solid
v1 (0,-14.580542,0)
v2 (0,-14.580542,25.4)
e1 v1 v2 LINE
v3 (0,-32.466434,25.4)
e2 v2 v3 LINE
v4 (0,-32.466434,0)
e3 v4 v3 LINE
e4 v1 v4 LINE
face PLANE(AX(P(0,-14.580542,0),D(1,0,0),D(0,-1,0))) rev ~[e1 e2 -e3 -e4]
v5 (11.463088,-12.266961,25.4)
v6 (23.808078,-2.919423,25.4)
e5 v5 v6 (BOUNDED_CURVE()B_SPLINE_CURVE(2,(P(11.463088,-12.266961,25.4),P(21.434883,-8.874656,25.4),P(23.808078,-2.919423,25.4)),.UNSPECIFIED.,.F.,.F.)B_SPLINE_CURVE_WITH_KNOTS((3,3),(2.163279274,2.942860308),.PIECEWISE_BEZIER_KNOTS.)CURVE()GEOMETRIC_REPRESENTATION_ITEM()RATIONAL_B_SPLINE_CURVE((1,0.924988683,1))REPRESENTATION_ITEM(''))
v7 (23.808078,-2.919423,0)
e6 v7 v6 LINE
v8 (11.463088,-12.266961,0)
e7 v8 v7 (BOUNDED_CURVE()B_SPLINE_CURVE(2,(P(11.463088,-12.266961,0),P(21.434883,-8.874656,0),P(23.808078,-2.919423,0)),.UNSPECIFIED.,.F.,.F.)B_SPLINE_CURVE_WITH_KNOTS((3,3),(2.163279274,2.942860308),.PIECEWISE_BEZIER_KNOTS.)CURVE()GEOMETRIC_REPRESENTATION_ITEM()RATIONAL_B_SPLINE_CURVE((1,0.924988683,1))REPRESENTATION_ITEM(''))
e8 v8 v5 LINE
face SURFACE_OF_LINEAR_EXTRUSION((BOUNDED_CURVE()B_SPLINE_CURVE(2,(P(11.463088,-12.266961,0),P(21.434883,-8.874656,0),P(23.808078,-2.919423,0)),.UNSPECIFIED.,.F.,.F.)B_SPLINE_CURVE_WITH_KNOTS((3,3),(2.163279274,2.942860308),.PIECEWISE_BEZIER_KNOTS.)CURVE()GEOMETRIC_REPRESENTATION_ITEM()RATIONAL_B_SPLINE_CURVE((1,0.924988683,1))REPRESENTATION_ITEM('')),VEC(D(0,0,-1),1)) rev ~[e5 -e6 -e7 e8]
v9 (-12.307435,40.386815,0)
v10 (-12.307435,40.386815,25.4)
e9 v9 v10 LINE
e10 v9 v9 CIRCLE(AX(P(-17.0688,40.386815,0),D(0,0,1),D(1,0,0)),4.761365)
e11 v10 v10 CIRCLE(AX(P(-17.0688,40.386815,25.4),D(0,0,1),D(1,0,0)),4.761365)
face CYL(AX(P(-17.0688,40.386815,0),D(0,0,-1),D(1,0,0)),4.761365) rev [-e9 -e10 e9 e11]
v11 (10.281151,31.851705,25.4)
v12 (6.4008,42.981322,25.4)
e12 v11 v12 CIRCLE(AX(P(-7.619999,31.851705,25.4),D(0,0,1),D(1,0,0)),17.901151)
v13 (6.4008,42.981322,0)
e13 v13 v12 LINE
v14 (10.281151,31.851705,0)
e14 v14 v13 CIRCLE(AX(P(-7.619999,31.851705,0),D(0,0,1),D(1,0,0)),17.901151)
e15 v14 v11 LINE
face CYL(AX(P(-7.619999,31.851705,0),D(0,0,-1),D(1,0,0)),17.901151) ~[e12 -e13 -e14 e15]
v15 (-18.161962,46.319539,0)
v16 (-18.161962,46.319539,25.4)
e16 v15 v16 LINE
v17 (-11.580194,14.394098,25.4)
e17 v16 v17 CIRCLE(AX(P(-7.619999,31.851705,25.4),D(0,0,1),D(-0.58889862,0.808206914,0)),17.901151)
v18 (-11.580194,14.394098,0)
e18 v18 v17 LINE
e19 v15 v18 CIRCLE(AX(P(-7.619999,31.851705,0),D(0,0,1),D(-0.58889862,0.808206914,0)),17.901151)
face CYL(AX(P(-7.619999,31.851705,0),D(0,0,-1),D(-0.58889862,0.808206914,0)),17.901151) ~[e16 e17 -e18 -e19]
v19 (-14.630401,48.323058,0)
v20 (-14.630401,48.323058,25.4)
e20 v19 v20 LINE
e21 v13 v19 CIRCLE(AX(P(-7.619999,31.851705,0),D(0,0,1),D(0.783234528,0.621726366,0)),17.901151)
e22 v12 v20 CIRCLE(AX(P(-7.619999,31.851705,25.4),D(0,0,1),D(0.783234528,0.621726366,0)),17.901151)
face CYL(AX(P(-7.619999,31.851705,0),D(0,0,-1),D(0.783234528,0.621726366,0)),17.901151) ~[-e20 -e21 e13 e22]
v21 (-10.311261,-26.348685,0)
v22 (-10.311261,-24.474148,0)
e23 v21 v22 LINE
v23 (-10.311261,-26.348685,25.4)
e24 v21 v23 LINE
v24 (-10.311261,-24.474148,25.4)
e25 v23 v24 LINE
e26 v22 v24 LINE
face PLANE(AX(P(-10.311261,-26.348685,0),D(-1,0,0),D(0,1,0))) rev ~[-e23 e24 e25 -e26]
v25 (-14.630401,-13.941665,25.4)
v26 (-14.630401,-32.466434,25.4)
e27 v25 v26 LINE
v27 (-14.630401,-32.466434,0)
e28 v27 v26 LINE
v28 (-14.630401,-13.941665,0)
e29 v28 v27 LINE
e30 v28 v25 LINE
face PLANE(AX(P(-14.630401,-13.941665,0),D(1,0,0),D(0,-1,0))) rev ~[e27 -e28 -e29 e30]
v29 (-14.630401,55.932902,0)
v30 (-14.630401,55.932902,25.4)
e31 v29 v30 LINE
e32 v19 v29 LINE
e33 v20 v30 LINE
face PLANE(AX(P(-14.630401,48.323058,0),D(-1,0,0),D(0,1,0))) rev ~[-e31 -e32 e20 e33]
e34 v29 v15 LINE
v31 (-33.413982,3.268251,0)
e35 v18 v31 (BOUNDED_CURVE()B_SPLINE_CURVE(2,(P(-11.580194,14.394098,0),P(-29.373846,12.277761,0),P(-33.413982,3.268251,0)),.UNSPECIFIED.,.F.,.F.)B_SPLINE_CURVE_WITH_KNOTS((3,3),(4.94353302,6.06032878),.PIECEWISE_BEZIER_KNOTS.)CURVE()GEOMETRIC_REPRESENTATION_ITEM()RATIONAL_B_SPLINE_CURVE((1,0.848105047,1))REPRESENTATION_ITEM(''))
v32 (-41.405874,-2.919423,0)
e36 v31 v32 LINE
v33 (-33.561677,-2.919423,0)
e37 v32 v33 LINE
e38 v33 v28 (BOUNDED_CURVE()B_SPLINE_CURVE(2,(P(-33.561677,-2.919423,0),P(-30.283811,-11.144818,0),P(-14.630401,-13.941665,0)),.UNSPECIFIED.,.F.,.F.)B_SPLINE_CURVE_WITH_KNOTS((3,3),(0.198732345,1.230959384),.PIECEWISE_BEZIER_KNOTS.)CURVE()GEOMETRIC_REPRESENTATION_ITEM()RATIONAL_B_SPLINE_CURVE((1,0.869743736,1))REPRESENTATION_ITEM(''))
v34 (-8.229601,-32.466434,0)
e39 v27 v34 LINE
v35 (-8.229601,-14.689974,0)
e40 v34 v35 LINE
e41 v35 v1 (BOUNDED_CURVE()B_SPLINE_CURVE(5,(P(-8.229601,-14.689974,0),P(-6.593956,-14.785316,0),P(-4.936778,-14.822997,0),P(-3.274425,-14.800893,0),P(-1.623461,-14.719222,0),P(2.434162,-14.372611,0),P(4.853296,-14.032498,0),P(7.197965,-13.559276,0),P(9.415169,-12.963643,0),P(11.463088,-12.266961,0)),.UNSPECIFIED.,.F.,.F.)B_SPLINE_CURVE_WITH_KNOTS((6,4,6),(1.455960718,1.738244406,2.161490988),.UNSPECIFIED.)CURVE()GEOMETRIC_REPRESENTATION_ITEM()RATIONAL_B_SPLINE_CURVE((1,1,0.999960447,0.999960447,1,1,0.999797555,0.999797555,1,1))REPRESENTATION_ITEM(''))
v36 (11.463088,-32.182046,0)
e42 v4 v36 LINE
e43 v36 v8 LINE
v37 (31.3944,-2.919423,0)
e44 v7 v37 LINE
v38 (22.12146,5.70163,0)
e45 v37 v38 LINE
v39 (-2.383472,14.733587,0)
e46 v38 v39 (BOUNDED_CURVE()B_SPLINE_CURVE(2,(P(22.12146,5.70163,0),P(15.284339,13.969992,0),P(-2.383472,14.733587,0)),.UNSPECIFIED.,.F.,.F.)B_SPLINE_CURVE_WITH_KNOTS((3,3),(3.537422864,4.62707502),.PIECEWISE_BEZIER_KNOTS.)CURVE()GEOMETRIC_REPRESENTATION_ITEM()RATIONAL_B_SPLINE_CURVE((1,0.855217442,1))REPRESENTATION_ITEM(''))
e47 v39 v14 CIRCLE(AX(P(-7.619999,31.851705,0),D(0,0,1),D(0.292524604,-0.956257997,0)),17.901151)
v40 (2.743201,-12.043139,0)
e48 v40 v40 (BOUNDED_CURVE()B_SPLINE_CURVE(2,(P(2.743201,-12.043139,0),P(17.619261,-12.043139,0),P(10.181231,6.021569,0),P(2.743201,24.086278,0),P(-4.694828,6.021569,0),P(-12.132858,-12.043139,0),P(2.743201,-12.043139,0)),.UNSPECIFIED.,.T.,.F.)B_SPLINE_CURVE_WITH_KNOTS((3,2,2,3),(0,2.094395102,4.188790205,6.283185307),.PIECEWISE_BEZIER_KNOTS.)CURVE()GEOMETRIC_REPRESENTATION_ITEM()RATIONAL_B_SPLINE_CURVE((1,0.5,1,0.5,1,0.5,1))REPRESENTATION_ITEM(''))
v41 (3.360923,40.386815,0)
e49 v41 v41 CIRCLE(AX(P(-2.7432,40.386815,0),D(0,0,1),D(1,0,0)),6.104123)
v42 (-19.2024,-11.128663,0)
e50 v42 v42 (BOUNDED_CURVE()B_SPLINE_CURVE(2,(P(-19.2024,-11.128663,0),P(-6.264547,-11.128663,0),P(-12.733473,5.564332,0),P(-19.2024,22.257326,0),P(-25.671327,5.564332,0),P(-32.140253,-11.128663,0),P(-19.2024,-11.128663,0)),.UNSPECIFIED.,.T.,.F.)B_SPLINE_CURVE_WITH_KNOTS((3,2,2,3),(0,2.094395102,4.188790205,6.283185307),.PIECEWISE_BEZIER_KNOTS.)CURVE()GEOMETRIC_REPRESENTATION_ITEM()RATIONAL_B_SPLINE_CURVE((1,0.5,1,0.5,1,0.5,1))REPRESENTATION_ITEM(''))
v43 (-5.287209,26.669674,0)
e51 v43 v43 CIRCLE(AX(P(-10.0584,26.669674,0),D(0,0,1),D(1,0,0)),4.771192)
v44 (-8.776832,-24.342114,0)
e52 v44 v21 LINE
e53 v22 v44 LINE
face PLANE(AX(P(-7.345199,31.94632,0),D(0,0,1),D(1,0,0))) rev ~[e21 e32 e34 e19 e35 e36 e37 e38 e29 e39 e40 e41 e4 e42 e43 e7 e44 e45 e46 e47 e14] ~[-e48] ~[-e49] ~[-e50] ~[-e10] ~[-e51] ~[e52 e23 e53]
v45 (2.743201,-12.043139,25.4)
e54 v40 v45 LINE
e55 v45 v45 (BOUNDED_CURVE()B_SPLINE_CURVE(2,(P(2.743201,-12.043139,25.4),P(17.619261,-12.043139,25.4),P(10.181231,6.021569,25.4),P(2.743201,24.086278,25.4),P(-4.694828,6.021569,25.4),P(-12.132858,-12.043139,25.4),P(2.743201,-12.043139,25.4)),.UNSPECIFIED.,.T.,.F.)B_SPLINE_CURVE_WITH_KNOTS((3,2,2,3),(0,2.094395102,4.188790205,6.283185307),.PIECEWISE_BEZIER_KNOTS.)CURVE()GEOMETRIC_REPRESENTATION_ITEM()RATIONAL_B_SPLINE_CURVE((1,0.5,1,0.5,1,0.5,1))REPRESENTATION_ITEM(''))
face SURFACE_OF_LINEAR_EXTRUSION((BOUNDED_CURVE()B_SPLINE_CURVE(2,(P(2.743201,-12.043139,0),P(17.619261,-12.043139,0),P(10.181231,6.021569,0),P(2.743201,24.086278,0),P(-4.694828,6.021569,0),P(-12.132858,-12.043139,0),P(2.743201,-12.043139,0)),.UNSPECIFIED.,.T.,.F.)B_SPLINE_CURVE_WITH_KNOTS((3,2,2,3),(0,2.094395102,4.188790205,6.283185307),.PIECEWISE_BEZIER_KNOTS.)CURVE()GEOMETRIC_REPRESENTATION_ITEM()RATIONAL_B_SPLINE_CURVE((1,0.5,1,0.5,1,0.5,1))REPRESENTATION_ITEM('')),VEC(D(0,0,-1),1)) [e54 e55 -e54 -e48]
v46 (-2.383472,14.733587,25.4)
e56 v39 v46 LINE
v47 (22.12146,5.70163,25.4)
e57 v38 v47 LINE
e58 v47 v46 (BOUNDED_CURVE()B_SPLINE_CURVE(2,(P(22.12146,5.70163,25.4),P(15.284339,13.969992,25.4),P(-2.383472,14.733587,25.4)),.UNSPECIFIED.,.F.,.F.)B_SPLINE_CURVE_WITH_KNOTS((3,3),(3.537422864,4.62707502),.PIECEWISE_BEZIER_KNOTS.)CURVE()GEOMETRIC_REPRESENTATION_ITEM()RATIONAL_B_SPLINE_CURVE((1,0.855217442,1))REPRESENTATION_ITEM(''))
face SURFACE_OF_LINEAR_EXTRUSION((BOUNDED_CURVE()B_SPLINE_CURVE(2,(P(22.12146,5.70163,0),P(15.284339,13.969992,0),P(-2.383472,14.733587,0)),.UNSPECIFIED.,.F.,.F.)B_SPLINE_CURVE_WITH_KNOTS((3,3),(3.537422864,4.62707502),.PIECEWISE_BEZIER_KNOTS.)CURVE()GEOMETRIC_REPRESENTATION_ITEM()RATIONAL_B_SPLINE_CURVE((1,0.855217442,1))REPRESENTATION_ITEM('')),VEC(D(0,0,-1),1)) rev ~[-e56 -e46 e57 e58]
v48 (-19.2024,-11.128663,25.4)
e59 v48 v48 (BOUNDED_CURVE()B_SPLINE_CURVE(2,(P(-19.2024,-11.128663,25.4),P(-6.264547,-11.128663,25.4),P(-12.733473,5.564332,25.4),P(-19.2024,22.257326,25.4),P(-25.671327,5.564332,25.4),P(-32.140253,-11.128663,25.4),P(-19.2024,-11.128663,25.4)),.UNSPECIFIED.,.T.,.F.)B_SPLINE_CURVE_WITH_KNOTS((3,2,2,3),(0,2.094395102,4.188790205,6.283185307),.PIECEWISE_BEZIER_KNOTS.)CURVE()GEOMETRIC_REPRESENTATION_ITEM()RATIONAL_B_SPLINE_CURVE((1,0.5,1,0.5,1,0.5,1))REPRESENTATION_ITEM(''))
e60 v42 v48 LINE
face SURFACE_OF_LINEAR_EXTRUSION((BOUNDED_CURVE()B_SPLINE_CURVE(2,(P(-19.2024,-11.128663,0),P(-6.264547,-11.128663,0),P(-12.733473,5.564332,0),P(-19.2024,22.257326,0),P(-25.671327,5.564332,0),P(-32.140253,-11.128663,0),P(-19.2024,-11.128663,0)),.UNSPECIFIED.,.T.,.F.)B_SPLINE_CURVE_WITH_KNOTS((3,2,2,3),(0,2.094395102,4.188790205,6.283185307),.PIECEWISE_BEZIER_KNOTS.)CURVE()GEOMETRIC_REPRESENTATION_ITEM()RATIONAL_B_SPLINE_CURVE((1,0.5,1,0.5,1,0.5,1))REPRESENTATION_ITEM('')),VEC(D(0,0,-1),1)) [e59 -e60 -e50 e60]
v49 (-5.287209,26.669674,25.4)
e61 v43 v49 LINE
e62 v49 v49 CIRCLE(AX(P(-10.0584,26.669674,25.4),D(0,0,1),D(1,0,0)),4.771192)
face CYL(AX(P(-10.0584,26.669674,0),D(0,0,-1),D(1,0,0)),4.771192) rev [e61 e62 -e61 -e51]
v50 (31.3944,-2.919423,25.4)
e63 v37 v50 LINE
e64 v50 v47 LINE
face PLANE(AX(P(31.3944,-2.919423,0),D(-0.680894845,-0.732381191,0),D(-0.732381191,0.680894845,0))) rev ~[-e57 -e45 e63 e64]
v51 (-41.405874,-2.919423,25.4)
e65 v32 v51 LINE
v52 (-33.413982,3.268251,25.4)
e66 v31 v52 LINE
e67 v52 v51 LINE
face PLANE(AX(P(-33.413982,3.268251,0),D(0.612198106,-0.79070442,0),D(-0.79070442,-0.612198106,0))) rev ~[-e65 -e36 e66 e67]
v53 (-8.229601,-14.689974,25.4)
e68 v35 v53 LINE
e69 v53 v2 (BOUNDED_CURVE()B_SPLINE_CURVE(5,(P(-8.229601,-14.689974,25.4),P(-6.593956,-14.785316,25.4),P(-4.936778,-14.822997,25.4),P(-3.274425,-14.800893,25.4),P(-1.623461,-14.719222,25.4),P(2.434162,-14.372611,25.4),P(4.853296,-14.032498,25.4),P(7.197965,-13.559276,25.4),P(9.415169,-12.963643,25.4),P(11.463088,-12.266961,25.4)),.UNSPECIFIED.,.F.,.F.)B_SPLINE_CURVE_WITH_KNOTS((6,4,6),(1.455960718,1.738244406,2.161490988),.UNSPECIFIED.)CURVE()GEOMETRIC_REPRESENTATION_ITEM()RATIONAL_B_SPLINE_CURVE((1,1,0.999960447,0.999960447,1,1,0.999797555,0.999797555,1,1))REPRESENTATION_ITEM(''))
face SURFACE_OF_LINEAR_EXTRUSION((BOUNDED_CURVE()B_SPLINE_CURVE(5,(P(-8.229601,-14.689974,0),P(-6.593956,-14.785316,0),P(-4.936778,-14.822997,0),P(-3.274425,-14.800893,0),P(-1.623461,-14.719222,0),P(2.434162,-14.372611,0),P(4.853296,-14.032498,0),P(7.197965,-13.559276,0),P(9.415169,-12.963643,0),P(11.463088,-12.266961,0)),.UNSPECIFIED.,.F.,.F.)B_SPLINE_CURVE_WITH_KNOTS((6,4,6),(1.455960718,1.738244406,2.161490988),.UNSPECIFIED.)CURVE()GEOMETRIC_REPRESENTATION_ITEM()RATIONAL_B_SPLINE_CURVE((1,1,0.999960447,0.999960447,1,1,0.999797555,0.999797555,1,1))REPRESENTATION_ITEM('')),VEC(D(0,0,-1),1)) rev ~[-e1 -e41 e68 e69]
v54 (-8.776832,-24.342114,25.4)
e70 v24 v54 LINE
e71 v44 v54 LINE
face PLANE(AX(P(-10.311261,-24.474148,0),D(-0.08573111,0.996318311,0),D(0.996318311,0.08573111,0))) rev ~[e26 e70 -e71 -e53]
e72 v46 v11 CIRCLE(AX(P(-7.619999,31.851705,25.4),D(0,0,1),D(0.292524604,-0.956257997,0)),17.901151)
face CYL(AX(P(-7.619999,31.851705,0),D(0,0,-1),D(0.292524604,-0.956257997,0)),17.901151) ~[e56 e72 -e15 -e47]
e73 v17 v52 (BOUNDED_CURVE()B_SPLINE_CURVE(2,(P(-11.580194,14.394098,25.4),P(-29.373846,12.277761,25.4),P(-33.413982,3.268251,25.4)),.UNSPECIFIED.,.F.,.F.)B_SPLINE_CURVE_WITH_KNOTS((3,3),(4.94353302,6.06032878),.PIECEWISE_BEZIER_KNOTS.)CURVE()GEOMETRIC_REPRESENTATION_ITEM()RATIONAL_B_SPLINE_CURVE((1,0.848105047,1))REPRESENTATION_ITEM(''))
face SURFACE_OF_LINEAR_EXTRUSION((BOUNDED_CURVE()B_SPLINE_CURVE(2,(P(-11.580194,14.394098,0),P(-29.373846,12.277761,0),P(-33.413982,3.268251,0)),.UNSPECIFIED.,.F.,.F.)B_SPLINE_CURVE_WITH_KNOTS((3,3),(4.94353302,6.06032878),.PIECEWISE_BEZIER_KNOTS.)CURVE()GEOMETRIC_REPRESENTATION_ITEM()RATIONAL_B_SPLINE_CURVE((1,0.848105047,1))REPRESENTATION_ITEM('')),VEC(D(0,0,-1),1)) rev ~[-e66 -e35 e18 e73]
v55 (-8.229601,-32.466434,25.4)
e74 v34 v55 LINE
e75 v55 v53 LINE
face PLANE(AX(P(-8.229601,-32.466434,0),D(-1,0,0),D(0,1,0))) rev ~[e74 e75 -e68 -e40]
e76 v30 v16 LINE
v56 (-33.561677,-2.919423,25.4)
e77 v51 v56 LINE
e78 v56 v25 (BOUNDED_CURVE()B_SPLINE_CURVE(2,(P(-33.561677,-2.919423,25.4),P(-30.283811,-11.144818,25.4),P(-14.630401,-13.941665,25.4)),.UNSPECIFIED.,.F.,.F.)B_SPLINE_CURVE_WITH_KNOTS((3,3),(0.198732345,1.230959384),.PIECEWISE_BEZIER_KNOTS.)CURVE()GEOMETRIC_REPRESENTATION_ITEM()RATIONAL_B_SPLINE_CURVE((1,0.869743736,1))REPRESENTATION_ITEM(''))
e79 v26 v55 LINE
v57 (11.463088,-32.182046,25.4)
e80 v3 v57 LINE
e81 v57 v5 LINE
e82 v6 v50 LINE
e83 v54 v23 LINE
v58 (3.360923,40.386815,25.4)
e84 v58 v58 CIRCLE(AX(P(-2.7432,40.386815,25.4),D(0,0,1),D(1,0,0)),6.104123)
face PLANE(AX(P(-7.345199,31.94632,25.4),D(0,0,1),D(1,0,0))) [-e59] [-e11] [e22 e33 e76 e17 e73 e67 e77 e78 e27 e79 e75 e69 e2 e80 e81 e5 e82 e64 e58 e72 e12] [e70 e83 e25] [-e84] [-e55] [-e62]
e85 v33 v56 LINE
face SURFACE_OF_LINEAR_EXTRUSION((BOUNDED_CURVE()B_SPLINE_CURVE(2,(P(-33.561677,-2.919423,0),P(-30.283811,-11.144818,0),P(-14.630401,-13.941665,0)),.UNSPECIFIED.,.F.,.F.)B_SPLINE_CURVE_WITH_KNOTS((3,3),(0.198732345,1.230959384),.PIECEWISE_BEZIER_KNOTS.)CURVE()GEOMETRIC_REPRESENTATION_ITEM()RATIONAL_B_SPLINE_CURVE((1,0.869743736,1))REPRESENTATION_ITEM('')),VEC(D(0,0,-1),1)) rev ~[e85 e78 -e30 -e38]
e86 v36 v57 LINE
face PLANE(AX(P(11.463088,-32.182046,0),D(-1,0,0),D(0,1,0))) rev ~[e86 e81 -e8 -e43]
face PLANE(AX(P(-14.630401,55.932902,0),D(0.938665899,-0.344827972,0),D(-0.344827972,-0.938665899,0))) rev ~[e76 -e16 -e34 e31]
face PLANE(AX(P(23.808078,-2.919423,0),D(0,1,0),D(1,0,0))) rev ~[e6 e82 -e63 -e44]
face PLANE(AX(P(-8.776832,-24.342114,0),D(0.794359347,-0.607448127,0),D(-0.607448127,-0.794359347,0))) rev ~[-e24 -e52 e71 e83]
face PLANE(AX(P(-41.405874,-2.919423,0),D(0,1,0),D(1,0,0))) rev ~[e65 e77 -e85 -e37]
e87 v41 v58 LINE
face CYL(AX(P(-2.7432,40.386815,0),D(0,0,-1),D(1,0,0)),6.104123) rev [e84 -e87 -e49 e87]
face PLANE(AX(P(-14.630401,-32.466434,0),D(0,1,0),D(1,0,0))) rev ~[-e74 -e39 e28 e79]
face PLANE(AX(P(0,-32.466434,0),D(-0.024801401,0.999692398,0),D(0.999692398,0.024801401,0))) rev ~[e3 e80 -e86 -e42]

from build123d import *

# Parameters (mm, degrees)
F0_R     = 4.7711916883
F0_R_2   = 4.7613647894
F0_R_3   = 6.1041229628
F1_DEPTH = 25.4


with BuildPart() as f1:
    # F0 (on Top) → F1 (new body)
    with BuildSketch(Plane.XY):
        with BuildLine():
            ThreePointArc((-2.3834723769, 14.7335868041), (6.7708145364, 21.2048433436), (10.2811511978, 31.8517051637))
            ThreePointArc((10.2811511978, 31.8517051637), (9.2832492744, 37.7450384206), (6.4007998444, 42.9813224473))
            ThreePointArc((6.4007998444, 42.9813224473), (-3.2131915819, 49.2019569258), (-14.6304005757, 48.3230580392))
            ThreePointArc((-14.6304005757, 48.3230580392), (-16.4531694232, 47.4217500367), (-18.1619622048, 46.3195387975))
            ThreePointArc((-18.1619622048, 46.3195387975), (-25.1524431716, 28.237205957), (-11.5801940434, 14.3940979712))
            add(Edge.make_bspline(
                [(-2.3834723769, 14.7335868041), (-7.0354280003, 14.9346422536), (-11.5801940434, 14.3940979712)],
                knots=[4.6270750198, 4.6270750198, 4.6270750198, 4.9435330198, 4.9435330198, 4.9435330198], degree=2, weights=[1, 0.9875078876, 1]))
        make_face()
        with Locations((-10.0584002212, 26.6696736217)):
            Circle(F0_R, mode=Mode.SUBTRACT)
        with Locations((-17.0687995851, 40.3868146241)):
            Circle(F0_R_2, mode=Mode.SUBTRACT)
        with Locations((-2.743200399, 40.3868146241)):
            Circle(F0_R_3, mode=Mode.SUBTRACT)
        with BuildLine():
            add(Edge.make_bspline(
                [(22.1214600227, 5.7016299698), (15.2843386687, 13.9699918818), (-2.3834723769, 14.7335868041)],
                knots=[3.5374228644, 3.5374228644, 3.5374228644, 4.6270750198, 4.6270750198, 4.6270750198], degree=2, weights=[1, 0.8552174423, 1]))
            ThreePointArc((-2.3834723769, 14.7335868041), (-6.9596439995, 13.9627386839), (-11.5801940434, 14.3940979712))
            add(Edge.make_bspline(
                [(-11.5801940434, 14.3940979712), (-29.3738456361, 12.2777609495), (-33.4139822322, 3.2682511332)],
                knots=[4.9435330198, 4.9435330198, 4.9435330198, 6.0603287801, 6.0603287801, 6.0603287801], degree=2, weights=[1, 0.8481050472, 1]))
            add(Edge.make_bspline(
                [(-33.4139822322, 3.2682511332), (-34.1375991702, 1.6545844287), (-34.1375991702, 0)],
                knots=[6.0603287801, 6.0603287801, 6.0603287801, 6.2831853072, 6.2831853072, 6.2831853072], degree=2, weights=[1, 0.9937982919, 1]))
            add(Edge.make_bspline(
                [(-34.1375991702, 0), (-34.1375991702, -1.4742194162), (-33.5616774216, -2.919422707)],
                knots=[0, 0, 0, 0.1987323453, 0.1987323453, 0.1987323453], degree=2, weights=[1, 0.9950672426, 1]))
            add(Edge.make_bspline(
                [(-33.5616774216, -2.919422707), (-30.2838106145, -11.1448177511), (-14.6304005757, -13.9416649295)],
                knots=[0.1987323453, 0.1987323453, 0.1987323453, 1.2309593836, 1.2309593836, 1.2309593836], degree=2, weights=[1, 0.8697437359, 1]))
            add(Edge.make_bspline(
                [(-14.6304005757, -13.9416649295), (-11.513645687, -14.4985459602), (-8.2296011969, -14.689973876)],
                knots=[1.2309593836, 1.2309593836, 1.2309593836, 1.4559607184, 1.4559607184, 1.4559607184], degree=2, weights=[1, 0.9936784715, 1]))
            add(Edge.make_bspline(
                [(-8.2296011969, -14.689973876), (-4.0994168977, -14.9307235292), (0, -14.5805423613)],
                knots=[1.4559607184, 1.4559607184, 1.4559607184, 1.738244406, 1.738244406, 1.738244406], degree=2, weights=[1, 0.9900560143, 1]))
            add(Edge.make_bspline(
                [(0, -14.5805423613), (6.2254595739, -14.0487499726), (11.4630884569, -12.266961)],
                knots=[1.738244406, 1.738244406, 1.738244406, 2.1632792744, 2.1632792744, 2.1632792744], degree=2, weights=[1, 0.9775030321, 1]))
            add(Edge.make_bspline(
                [(11.4630884569, -12.266961), (21.4348831913, -8.8746561436), (23.8080776587, -2.919422707)],
                knots=[2.1632792744, 2.1632792744, 2.1632792744, 2.9428603083, 2.9428603083, 2.9428603083], degree=2, weights=[1, 0.9249886826, 1]))
            add(Edge.make_bspline(
                [(23.8080776587, -2.919422707), (25.5778774469, 1.5216675701), (22.1214600227, 5.7016299698)],
                knots=[2.9428603083, 2.9428603083, 2.9428603083, 3.5374228644, 3.5374228644, 3.5374228644], degree=2, weights=[1, 0.9561363948, 1]))
        make_face()
        with BuildLine():
            add(Edge.make_bspline(
                [(-19.2023999989, -11.1286630854), (-6.264546995, -11.1286630854), (-12.7334734969, 5.5643315427), (-19.2023999989, 22.2573261708), (-25.6713265009, 5.5643315427), (-32.1402530028, -11.1286630854), (-19.2023999989, -11.1286630854)],
                knots=[0, 0, 0, 2.0943951024, 2.0943951024, 4.1887902048, 4.1887902048, 6.2831853072, 6.2831853072, 6.2831853072], degree=2, weights=[1, 0.5, 1, 0.5, 1, 0.5, 1]))
        make_face(mode=Mode.SUBTRACT)
        with BuildLine():
            add(Edge.make_bspline(
                [(2.7432013303, -12.043138966), (17.6192607071, -12.043138966), (10.1812310187, 6.021569483), (2.7432013303, 24.0862779319), (-4.6948283581, 6.021569483), (-12.1328580465, -12.043138966), (2.7432013303, -12.043138966)],
                knots=[0, 0, 0, 2.0943951024, 2.0943951024, 4.1887902048, 4.1887902048, 6.2831853072, 6.2831853072, 6.2831853072], degree=2, weights=[1, 0.5, 1, 0.5, 1, 0.5, 1]))
        make_face(mode=Mode.SUBTRACT)
        with BuildLine():
            ThreePointArc((-11.5801940434, 14.3940979712), (-6.9596439995, 13.9627386839), (-2.3834723769, 14.7335868041))
            add(Edge.make_bspline(
                [(-2.3834723769, 14.7335868041), (-7.0354280003, 14.9346422536), (-11.5801940434, 14.3940979712)],
                knots=[4.6270750198, 4.6270750198, 4.6270750198, 4.9435330198, 4.9435330198, 4.9435330198], degree=2, weights=[1, 0.9875078876, 1]))
        make_face()
        with BuildLine():
            ThreePointArc((-18.1619622048, 46.3195387975), (-16.4531694232, 47.4217500367), (-14.6304005757, 48.3230580392))
            Line((-14.6304005757, 48.3230580392), (-14.6304005757, 55.9329017997))
            Line((-14.6304005757, 55.9329017997), (-18.1619622048, 46.3195387975))
        make_face()
        with BuildLine():
            Line((31.3943997025, -2.919422707), (22.1214600227, 5.7016299698))
            add(Edge.make_bspline(
                [(23.8080776587, -2.919422707), (25.5778774469, 1.5216675701), (22.1214600227, 5.7016299698)],
                knots=[2.9428603083, 2.9428603083, 2.9428603083, 3.5374228644, 3.5374228644, 3.5374228644], degree=2, weights=[1, 0.9561363948, 1]))
            Line((23.8080776587, -2.919422707), (31.3943997025, -2.919422707))
        make_face()
        with BuildLine():
            add(Edge.make_bspline(
                [(-33.4139822322, 3.2682511332), (-34.1375991702, 1.6545844287), (-34.1375991702, 0)],
                knots=[6.0603287801, 6.0603287801, 6.0603287801, 6.2831853072, 6.2831853072, 6.2831853072], degree=2, weights=[1, 0.9937982919, 1]))
            Line((-33.4139822322, 3.2682511332), (-41.4058740862, -2.919422707))
            Line((-41.4058740862, -2.919422707), (-33.5616774216, -2.919422707))
            add(Edge.make_bspline(
                [(-34.1375991702, 0), (-34.1375991702, -1.4742194162), (-33.5616774216, -2.919422707)],
                knots=[0, 0, 0, 0.1987323453, 0.1987323453, 0.1987323453], degree=2, weights=[1, 0.9950672426, 1]))
        make_face()
        with BuildLine():
            Line((11.4630884569, -32.1820458154), (11.4630884569, -12.266961))
            add(Edge.make_bspline(
                [(0, -14.5805423613), (6.2254595739, -14.0487499726), (11.4630884569, -12.266961)],
                knots=[1.738244406, 1.738244406, 1.738244406, 2.1632792744, 2.1632792744, 2.1632792744], degree=2, weights=[1, 0.9775030321, 1]))
            Line((0, -14.5805423613), (0, -32.4664339423))
            Line((0, -32.4664339423), (11.4630884569, -32.1820458154))
        make_face()
        with BuildLine():
            add(Edge.make_bspline(
                [(-14.6304005757, -13.9416649295), (-11.513645687, -14.4985459602), (-8.2296011969, -14.689973876)],
                knots=[1.2309593836, 1.2309593836, 1.2309593836, 1.4559607184, 1.4559607184, 1.4559607184], degree=2, weights=[1, 0.9936784715, 1]))
            Line((-14.6304005757, -13.9416649295), (-14.6304005757, -32.4664339423))
            Line((-14.6304005757, -32.4664339423), (-8.2296011969, -32.4664339423))
            Line((-8.2296011969, -32.4664339423), (-8.2296011969, -23.6265007406))
            Line((-8.2296011969, -23.6265007406), (-8.2296011969, -14.689973876))
        make_face()
        Polygon((-10.3112606525, -24.4741483223), (-8.776831993, -24.3421139402), (-10.3112606525, -26.3486848613), align=None, mode=Mode.SUBTRACT)
    extrude(amount=F1_DEPTH)


solid = f1.part
